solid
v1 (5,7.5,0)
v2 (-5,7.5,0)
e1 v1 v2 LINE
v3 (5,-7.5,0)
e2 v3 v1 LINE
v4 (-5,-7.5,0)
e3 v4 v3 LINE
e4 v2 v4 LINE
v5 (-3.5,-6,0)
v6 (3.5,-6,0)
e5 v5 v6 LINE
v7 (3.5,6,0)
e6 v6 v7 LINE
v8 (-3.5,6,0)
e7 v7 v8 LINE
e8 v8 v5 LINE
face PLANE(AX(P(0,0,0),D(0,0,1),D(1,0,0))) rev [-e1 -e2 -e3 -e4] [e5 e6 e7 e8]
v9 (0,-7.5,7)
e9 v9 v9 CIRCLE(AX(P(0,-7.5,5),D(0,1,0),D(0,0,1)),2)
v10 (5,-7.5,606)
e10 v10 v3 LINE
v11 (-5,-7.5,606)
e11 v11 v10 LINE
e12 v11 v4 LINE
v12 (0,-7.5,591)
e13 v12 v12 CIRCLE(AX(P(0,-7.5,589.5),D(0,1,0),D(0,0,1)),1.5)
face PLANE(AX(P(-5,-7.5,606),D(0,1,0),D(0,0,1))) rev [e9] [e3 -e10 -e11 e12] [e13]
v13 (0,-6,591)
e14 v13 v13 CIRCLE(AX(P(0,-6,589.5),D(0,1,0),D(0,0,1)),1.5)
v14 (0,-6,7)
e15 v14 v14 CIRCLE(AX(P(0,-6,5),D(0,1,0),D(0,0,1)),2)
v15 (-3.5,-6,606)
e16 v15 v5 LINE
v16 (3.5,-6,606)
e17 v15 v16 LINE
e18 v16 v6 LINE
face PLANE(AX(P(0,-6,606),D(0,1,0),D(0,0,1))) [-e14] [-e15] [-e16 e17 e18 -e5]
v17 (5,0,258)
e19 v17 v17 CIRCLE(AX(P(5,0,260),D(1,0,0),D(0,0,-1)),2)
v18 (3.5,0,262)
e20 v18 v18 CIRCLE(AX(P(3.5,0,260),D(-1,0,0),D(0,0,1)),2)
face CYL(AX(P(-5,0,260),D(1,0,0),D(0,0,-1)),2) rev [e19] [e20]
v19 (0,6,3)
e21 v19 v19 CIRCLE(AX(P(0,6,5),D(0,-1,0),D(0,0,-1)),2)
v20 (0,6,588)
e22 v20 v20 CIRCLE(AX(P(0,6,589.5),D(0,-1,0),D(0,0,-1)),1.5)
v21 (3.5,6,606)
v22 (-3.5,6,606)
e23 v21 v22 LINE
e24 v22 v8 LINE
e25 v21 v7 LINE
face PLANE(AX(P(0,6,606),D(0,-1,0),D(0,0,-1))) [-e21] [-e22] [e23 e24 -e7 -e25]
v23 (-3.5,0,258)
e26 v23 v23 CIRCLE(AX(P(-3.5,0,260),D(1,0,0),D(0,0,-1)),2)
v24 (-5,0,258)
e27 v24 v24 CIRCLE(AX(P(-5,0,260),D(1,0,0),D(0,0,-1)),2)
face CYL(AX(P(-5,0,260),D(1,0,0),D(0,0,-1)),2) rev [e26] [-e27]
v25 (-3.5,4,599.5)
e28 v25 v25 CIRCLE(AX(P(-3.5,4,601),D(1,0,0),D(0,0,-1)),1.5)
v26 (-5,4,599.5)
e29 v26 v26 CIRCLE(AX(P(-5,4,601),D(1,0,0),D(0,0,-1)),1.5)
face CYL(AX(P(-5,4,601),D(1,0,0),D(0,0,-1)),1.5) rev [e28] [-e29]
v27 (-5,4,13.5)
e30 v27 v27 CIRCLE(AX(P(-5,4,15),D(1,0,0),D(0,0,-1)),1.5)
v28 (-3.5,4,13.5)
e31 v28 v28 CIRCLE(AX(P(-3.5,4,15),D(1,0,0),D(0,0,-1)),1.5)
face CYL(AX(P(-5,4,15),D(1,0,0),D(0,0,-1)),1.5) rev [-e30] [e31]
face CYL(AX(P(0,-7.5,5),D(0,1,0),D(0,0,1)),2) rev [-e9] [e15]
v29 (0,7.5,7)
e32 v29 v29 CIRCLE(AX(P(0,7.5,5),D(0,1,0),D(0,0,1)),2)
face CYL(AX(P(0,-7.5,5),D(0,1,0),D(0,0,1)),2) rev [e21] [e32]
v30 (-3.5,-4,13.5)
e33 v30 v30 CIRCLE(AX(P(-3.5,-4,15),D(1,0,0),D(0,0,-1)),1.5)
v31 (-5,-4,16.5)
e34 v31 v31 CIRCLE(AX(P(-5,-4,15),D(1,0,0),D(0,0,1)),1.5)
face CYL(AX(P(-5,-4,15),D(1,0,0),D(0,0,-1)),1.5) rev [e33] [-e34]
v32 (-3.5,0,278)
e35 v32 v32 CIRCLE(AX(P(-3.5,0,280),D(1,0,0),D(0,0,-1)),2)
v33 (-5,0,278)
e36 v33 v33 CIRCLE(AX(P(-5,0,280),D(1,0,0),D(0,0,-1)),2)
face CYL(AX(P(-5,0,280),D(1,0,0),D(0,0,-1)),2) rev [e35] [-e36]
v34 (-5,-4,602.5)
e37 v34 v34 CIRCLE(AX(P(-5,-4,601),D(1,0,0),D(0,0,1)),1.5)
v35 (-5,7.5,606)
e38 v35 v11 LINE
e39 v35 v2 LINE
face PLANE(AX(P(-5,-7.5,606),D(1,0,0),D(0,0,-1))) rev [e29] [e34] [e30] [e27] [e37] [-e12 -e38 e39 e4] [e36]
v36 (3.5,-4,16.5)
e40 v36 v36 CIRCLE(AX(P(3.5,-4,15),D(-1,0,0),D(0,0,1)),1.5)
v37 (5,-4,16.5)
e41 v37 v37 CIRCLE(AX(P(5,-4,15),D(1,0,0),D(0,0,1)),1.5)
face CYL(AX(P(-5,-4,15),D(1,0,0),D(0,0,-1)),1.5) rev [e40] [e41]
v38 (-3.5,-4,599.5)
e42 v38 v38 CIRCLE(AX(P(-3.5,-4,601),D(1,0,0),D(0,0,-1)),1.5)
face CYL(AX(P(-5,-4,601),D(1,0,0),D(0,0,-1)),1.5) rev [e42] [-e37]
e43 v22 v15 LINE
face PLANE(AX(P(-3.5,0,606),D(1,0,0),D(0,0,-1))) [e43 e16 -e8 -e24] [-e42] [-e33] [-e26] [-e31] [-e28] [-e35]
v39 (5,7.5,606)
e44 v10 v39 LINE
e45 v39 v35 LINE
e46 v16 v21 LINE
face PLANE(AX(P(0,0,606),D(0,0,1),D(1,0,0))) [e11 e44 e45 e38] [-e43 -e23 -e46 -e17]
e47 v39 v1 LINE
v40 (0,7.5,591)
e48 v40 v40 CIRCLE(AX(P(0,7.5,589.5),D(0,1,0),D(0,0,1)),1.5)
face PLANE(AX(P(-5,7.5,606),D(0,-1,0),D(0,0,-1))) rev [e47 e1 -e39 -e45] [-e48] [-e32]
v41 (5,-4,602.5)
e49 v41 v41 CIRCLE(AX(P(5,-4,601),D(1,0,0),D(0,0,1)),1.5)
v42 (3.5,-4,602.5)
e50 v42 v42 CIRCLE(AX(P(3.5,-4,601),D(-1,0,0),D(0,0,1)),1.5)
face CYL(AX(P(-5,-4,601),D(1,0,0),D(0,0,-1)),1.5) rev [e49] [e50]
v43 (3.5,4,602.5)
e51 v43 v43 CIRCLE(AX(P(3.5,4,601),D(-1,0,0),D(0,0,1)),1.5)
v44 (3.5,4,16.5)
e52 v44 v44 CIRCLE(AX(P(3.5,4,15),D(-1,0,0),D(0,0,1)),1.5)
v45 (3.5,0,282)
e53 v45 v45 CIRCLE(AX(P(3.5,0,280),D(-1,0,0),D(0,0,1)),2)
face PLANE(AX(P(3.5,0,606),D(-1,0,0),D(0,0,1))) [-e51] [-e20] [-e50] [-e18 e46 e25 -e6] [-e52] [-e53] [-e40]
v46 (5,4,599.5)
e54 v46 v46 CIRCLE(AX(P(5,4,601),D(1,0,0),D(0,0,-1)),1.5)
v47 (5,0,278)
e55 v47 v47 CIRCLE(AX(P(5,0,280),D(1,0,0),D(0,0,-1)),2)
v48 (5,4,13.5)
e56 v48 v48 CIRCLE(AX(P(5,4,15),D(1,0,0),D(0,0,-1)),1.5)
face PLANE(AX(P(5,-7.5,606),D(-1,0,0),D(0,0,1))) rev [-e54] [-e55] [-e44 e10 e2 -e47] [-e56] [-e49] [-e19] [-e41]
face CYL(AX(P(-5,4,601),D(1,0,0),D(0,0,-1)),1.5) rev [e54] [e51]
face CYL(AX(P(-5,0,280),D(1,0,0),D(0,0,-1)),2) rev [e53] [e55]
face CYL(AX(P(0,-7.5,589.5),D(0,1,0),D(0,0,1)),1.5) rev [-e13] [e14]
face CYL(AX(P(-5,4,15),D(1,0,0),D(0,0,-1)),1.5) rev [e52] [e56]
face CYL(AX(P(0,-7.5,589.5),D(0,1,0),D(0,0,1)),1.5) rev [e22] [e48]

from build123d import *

# Parameters (mm, degrees)
SKETCH_1_W          = 10
SKETCH_1_H          = 15
SKETCH_1_W_2        = 7
SKETCH_1_H_2        = 12
EXTRUDE_1_DEPTH     = 606
SKETCH_2_R          = 2
SKETCH_2_R_2        = 1.5
CUT_EXTRUDE_1_DEPTH = 607.128905432
SKETCH_3_R          = 2
SKETCH_3_R_2        = 1.5
CUT_EXTRUDE_2_DEPTH = 607.206235534


with BuildPart() as part:
    # ｽｹｯﾁ1 → 押し出し-薄板1 (new body)
    with BuildSketch(Plane.XY):
        Rectangle(SKETCH_1_W, SKETCH_1_H)
        Rectangle(SKETCH_1_W_2, SKETCH_1_H_2, mode=Mode.SUBTRACT)
    extrude(amount=EXTRUDE_1_DEPTH)

    # ｽｹｯﾁ2 → ｶｯﾄ - 押し出し1 (cut, through all)
    with BuildSketch(Plane(origin=(5, 0, 0), x_dir=(0, 0, -1), z_dir=(1, 0, 0))):
        with Locations((-280, 0)):
            Circle(SKETCH_2_R)
        with Locations((-260, 0)):
            Circle(SKETCH_2_R)
        with Locations((-15, 4)):
            Circle(SKETCH_2_R_2)
        with Locations((-15, -4)):
            Circle(SKETCH_2_R_2)
        with Locations((-601, 4)):
            Circle(SKETCH_2_R_2)
        with Locations((-601, -4)):
            Circle(SKETCH_2_R_2)
    extrude(amount=-CUT_EXTRUDE_1_DEPTH, mode=Mode.SUBTRACT)

    # ｽｹｯﾁ3 → ｶｯﾄ - 押し出し2 (cut, through all)
    with BuildSketch(Plane(origin=(0, 7.5, 0), x_dir=(1, 0, 0), z_dir=(0, 1, 0))):
        with Locations(Location((0, -5, 0), (0, 0, 270))):
            Circle(SKETCH_3_R)
        with Locations(Location((0, -589.5, 0), (0, 0, 270))):
            Circle(SKETCH_3_R_2)
    extrude(amount=-CUT_EXTRUDE_2_DEPTH, mode=Mode.SUBTRACT)


solid = part.part
